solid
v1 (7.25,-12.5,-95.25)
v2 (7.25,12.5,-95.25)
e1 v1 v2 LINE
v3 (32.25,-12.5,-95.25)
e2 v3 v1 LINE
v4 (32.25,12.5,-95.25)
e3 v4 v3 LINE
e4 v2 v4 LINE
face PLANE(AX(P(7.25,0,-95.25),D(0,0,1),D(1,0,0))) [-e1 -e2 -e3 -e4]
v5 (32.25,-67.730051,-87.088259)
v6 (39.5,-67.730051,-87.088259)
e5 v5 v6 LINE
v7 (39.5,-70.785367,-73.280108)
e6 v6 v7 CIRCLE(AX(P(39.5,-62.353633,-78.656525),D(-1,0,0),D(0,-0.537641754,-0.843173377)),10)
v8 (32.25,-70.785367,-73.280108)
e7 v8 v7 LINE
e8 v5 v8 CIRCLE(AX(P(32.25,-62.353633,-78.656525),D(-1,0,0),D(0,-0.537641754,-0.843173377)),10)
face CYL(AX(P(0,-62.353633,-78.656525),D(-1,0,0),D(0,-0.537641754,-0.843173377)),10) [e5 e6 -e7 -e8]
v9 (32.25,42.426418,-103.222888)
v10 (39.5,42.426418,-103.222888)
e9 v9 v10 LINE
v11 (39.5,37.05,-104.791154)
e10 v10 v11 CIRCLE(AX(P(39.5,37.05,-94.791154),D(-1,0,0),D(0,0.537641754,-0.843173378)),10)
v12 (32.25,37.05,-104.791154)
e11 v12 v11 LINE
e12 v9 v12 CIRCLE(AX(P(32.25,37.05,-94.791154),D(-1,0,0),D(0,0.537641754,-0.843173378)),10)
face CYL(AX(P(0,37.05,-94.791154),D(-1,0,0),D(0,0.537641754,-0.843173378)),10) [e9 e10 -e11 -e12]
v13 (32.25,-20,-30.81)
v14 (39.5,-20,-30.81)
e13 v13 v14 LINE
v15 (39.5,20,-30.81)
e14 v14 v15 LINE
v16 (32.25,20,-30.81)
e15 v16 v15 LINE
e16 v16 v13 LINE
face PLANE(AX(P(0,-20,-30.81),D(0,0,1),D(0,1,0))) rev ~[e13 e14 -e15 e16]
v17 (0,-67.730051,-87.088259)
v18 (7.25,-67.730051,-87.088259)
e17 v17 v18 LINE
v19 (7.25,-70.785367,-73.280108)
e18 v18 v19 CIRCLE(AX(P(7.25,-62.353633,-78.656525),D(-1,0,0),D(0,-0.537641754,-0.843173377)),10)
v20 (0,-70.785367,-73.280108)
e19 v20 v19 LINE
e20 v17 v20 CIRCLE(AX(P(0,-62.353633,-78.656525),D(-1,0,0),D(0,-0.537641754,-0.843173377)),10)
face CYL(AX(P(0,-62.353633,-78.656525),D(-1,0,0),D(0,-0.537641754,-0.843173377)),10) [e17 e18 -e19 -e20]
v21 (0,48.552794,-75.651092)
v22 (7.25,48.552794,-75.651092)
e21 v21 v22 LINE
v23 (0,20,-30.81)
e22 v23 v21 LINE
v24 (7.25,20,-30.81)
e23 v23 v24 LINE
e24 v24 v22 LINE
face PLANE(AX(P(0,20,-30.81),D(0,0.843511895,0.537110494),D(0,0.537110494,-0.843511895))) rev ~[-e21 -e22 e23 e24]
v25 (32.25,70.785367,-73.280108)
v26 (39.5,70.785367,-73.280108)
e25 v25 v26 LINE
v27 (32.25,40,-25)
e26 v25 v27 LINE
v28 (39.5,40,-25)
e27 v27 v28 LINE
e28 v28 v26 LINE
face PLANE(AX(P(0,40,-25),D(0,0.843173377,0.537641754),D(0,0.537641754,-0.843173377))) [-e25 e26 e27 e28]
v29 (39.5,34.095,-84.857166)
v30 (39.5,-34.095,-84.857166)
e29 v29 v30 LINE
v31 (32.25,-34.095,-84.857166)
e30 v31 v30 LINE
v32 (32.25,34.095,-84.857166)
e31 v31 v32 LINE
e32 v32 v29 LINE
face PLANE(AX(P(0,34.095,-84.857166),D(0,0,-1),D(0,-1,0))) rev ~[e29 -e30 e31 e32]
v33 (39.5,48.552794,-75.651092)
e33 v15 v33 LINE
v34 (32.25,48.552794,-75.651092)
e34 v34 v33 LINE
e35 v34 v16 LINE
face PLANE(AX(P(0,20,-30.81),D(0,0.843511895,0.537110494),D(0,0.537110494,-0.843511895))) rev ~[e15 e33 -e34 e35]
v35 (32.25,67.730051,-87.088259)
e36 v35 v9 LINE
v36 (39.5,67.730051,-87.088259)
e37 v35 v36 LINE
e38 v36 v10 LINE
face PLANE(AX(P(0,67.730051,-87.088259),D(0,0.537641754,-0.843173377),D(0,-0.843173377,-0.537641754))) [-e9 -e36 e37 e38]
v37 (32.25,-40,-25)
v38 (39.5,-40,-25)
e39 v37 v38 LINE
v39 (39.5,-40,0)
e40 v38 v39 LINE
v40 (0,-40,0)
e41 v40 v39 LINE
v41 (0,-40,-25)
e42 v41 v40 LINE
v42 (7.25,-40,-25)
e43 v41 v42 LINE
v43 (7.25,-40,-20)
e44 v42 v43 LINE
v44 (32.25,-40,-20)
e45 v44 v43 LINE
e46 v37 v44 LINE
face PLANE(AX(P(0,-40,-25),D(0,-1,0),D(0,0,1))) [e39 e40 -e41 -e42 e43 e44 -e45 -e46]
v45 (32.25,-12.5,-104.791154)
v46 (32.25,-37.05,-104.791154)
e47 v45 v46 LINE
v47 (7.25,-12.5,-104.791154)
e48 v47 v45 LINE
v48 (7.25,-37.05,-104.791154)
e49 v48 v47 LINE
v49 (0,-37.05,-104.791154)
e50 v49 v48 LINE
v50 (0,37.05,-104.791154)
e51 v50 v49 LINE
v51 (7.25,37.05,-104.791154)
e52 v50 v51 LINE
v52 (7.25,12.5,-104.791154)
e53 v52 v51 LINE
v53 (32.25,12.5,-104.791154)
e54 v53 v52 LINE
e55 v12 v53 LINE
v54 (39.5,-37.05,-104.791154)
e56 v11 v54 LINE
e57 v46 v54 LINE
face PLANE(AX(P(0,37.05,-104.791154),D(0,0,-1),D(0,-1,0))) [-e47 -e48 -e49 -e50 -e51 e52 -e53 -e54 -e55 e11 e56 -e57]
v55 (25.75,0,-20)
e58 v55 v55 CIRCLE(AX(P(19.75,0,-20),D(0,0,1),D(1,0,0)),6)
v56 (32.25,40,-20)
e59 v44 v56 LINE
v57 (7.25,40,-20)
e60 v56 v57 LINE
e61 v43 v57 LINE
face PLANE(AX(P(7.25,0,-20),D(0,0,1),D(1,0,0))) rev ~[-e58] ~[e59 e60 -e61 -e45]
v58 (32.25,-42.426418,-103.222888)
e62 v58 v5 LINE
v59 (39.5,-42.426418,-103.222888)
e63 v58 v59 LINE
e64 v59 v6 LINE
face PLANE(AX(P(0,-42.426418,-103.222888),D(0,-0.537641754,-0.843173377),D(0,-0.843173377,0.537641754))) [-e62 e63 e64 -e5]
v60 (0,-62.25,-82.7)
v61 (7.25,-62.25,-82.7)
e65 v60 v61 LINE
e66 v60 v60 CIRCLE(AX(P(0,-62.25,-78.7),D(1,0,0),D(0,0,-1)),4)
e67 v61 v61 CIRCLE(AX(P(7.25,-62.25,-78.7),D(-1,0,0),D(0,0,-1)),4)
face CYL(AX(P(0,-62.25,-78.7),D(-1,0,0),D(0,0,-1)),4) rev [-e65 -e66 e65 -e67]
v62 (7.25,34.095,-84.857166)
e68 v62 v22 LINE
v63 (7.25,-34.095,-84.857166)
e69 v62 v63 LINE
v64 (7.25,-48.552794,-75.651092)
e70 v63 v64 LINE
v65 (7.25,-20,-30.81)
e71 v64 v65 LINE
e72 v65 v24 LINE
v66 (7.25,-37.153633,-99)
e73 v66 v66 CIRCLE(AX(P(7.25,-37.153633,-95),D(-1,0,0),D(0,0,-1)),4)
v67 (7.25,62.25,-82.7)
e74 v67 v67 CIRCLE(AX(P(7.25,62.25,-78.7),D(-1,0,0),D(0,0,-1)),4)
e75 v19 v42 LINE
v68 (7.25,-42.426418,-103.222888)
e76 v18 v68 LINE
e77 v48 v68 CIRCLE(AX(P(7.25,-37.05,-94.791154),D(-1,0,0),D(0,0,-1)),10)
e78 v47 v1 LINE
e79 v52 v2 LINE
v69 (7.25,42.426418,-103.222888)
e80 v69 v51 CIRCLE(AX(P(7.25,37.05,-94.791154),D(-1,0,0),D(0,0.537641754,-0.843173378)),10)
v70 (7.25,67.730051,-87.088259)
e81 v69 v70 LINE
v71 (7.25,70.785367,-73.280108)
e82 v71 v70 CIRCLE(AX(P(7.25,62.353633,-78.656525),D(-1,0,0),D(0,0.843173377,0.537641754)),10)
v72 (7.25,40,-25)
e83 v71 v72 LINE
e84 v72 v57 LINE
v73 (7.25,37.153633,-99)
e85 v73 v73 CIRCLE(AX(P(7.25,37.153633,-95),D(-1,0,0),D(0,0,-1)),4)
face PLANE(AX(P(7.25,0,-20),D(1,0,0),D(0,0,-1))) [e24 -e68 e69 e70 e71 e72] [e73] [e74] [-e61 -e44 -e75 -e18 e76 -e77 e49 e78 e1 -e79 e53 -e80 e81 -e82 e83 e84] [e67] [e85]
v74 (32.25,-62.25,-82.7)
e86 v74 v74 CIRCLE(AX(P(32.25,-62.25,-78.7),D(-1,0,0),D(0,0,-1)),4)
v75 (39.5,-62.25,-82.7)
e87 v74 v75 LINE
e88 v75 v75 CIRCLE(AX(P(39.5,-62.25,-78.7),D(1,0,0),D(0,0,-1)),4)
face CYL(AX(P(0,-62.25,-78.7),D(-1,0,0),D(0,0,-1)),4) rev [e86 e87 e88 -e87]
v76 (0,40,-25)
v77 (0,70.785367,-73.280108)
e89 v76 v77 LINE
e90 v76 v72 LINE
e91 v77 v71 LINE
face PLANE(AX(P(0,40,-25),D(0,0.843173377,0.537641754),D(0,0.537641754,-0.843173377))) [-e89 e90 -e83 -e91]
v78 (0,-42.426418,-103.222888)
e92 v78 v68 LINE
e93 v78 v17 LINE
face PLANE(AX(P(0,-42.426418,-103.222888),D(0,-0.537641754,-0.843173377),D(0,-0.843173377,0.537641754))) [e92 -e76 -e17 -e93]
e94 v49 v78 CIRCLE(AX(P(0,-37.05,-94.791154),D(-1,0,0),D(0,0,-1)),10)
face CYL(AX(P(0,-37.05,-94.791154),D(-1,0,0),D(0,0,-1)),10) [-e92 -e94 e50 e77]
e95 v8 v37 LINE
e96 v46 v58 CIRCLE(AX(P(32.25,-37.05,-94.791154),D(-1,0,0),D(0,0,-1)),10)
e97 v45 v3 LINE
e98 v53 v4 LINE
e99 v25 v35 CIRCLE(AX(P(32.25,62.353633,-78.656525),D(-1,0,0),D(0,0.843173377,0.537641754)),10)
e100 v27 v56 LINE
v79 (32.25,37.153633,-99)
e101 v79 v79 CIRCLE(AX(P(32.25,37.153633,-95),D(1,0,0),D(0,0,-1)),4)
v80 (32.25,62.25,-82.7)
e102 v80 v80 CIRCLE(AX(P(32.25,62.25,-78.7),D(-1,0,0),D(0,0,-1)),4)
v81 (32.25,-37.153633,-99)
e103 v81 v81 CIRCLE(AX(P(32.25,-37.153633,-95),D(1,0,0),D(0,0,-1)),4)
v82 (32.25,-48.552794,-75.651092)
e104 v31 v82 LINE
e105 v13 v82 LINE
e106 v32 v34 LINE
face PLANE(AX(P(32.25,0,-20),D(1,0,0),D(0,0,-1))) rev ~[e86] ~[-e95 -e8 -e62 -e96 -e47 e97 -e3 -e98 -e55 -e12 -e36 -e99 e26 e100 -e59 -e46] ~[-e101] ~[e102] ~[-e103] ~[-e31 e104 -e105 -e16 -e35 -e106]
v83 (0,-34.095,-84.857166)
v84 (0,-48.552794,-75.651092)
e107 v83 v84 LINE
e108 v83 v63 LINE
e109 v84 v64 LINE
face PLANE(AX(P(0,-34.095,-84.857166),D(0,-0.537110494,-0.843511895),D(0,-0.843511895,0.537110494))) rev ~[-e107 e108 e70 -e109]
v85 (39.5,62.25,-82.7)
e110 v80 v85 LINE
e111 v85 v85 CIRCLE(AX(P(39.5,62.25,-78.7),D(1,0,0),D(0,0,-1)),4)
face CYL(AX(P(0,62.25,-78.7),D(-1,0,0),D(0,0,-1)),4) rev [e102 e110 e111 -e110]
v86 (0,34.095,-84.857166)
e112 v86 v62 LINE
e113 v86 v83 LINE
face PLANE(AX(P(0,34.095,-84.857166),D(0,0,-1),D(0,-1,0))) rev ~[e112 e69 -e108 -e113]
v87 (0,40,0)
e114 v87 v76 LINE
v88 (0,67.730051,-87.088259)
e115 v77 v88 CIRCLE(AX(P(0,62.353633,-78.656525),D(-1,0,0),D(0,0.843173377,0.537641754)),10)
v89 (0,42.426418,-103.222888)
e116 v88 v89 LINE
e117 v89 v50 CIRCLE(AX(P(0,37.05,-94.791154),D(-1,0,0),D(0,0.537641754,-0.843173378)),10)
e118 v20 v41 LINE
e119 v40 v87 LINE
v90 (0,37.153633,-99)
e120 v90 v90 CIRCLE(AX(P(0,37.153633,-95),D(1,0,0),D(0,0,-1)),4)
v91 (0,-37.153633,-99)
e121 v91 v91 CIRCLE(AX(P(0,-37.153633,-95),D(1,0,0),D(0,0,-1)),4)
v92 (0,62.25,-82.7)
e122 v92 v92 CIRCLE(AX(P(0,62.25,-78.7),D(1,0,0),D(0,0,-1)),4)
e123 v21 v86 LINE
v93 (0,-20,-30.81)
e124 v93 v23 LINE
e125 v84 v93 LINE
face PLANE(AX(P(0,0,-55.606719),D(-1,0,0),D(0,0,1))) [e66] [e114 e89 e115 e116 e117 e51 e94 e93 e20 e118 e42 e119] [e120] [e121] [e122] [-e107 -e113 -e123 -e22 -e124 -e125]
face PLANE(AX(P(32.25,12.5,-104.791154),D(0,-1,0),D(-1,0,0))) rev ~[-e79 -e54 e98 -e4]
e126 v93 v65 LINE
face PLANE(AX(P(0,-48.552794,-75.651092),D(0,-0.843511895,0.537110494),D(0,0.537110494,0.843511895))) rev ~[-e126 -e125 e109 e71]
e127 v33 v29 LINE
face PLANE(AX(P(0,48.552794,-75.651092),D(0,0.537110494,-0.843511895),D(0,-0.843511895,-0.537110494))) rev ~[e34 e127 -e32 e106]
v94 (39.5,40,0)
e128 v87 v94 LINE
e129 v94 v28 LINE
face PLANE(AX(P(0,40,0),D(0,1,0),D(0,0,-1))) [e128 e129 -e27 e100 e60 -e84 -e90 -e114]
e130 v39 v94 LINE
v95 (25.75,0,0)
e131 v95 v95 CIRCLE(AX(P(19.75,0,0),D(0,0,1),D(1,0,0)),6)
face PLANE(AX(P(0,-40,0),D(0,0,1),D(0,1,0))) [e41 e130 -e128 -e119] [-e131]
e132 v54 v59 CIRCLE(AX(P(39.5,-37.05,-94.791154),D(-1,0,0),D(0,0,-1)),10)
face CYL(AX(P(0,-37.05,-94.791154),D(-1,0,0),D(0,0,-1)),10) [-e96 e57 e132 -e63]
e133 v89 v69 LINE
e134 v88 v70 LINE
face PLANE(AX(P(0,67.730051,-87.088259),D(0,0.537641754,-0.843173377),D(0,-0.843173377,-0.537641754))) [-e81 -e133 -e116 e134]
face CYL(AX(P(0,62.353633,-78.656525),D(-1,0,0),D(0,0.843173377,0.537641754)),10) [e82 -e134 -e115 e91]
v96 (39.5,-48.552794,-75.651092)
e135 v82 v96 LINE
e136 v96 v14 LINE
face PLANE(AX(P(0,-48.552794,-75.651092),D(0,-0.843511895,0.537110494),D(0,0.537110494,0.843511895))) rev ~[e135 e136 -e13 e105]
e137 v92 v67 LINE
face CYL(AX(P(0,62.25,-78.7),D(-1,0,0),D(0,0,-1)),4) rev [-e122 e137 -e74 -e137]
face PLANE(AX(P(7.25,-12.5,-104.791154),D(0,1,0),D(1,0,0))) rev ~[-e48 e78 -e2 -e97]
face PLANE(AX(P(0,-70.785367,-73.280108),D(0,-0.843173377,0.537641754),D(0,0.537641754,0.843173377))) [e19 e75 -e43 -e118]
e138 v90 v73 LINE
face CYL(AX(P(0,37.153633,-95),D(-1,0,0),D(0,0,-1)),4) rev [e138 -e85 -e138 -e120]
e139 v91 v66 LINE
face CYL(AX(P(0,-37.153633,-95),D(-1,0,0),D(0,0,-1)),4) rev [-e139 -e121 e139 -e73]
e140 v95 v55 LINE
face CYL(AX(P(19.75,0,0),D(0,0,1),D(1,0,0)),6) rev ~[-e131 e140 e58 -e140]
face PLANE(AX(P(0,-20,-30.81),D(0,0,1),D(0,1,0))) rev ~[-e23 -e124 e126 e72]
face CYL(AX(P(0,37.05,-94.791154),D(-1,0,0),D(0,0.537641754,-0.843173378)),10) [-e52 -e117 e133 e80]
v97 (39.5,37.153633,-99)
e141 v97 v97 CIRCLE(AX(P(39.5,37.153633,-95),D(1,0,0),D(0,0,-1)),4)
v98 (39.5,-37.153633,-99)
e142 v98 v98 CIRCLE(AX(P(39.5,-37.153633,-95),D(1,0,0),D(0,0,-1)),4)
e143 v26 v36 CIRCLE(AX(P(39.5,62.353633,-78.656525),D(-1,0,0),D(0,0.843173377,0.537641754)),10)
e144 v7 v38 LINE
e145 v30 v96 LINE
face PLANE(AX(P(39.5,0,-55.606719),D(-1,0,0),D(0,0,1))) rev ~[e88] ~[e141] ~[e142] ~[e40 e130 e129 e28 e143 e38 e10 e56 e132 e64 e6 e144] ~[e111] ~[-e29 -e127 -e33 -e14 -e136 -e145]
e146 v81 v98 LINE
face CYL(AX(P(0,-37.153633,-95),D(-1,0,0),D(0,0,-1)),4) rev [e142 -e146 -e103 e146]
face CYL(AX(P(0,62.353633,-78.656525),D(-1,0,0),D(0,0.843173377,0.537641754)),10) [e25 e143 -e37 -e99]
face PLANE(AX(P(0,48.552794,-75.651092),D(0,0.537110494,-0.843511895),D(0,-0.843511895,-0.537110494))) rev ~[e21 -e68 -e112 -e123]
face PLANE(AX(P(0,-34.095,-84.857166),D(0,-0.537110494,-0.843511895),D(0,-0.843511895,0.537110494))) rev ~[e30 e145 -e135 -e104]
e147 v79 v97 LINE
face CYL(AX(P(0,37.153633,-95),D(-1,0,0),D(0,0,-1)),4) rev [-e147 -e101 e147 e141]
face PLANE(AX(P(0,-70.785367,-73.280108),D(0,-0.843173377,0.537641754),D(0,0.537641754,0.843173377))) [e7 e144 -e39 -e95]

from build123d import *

# Parameters (mm, degrees)
SKETCH1_R               = 4
BOSS_EXTRUDE1_DEPTH     = 39.5
SKETCH2_W               = 25
SKETCH2_H               = 75.25
CUT_EXTRUDE1_DEPTH      = 105.5
CUT_EXTRUDE1_DEPTH_BACK = 117.5
CUT_EXTRUDE2_DEPTH      = 43.5
SKETCH4_R               = 6
CUT_EXTRUDE3_DEPTH      = 41


with BuildPart() as part:
    # Sketch1 → Boss-Extrude1 (new body)
    with BuildSketch(Plane(origin=(0, 0, 0), x_dir=(0, 0, -1), z_dir=(1, 0, 0))):
        with BuildLine():
            Line((0, -40), (0, 40))
            Line((0, 40), (25, 40))
            Line((25, 40), (73.280107592, 70.785366831))
            ThreePointArc((73.280107592, 70.785366831), (80.81695996, 72.117470486), (87.088258906, 67.730050596))
            Line((87.088258906, 67.730050596), (103.222887942, 42.426417539))
            ThreePointArc((103.222887942, 42.426417539), (104.391084837, 39.850237691), (104.791154167, 37.05))
            Line((104.791154167, 37.05), (104.791154167, -37.05))
            ThreePointArc((104.791154167, -37.05), (104.391084837, -39.850237691), (103.222887942, -42.426417539))
            Line((103.222887942, -42.426417539), (87.088258906, -67.730050596))
            ThreePointArc((87.088258906, -67.730050596), (80.81695996, -72.117470486), (73.280107592, -70.785366831))
            Line((73.280107592, -70.785366831), (25, -40))
            Line((25, -40), (0, -40))
        make_face()
        with Locations((78.7, 62.25)):
            Circle(SKETCH1_R, mode=Mode.SUBTRACT)
        with Locations((95, 37.153633057)):
            Circle(SKETCH1_R, mode=Mode.SUBTRACT)
        with Locations((95, -37.153633057)):
            Circle(SKETCH1_R, mode=Mode.SUBTRACT)
        with Locations((78.7, -62.25)):
            Circle(SKETCH1_R, mode=Mode.SUBTRACT)
        Polygon((30.81, -20), (30.81, 20), (75.651092334, 48.552793879), (84.857166207, 34.095), (84.857166207, -34.095), (75.651092334, -48.552793879), align=None, mode=Mode.SUBTRACT)
    extrude(amount=BOSS_EXTRUDE1_DEPTH)

    # Sketch2 → Cut-Extrude1 (cut, two sides)
    with BuildSketch(Plane(origin=(0, 0, 0), x_dir=(1, 0, 0), z_dir=(0, 1, 0))) as cut_extrude1_sk:
        with Locations((19.75, 57.625)):
            Rectangle(SKETCH2_W, SKETCH2_H)
    extrude(amount=CUT_EXTRUDE1_DEPTH, mode=Mode.SUBTRACT)
    extrude(cut_extrude1_sk.sketch, amount=-CUT_EXTRUDE1_DEPTH_BACK, mode=Mode.SUBTRACT)

    # Sketch3 → Cut-Extrude2 (cut)
    with BuildSketch(Plane(origin=(0, 0, -104.791154167), x_dir=(-1, 0, 0), z_dir=(0, 0, -1))):
        Polygon((-7.25, -37.05), (-7.25, -12.5), (-32.25, -12.5), (-32.25, -37.05), (-32.25, -54.930146657), (-7.25, -54.930146657), align=None)
        Polygon((-32.25, 37.05), (-32.25, 12.5), (-7.25, 12.5), (-7.25, 37.05), (-7.25, 54.930146657), (-32.25, 54.930146657), align=None)
    extrude(amount=-CUT_EXTRUDE2_DEPTH, mode=Mode.SUBTRACT)

    # Sketch4 → Cut-Extrude3 (cut)
    with BuildSketch(Plane.XY):
        with Locations((19.75, 0)):
            Circle(SKETCH4_R)
    extrude(amount=-CUT_EXTRUDE3_DEPTH, mode=Mode.SUBTRACT)


solid = part.part
